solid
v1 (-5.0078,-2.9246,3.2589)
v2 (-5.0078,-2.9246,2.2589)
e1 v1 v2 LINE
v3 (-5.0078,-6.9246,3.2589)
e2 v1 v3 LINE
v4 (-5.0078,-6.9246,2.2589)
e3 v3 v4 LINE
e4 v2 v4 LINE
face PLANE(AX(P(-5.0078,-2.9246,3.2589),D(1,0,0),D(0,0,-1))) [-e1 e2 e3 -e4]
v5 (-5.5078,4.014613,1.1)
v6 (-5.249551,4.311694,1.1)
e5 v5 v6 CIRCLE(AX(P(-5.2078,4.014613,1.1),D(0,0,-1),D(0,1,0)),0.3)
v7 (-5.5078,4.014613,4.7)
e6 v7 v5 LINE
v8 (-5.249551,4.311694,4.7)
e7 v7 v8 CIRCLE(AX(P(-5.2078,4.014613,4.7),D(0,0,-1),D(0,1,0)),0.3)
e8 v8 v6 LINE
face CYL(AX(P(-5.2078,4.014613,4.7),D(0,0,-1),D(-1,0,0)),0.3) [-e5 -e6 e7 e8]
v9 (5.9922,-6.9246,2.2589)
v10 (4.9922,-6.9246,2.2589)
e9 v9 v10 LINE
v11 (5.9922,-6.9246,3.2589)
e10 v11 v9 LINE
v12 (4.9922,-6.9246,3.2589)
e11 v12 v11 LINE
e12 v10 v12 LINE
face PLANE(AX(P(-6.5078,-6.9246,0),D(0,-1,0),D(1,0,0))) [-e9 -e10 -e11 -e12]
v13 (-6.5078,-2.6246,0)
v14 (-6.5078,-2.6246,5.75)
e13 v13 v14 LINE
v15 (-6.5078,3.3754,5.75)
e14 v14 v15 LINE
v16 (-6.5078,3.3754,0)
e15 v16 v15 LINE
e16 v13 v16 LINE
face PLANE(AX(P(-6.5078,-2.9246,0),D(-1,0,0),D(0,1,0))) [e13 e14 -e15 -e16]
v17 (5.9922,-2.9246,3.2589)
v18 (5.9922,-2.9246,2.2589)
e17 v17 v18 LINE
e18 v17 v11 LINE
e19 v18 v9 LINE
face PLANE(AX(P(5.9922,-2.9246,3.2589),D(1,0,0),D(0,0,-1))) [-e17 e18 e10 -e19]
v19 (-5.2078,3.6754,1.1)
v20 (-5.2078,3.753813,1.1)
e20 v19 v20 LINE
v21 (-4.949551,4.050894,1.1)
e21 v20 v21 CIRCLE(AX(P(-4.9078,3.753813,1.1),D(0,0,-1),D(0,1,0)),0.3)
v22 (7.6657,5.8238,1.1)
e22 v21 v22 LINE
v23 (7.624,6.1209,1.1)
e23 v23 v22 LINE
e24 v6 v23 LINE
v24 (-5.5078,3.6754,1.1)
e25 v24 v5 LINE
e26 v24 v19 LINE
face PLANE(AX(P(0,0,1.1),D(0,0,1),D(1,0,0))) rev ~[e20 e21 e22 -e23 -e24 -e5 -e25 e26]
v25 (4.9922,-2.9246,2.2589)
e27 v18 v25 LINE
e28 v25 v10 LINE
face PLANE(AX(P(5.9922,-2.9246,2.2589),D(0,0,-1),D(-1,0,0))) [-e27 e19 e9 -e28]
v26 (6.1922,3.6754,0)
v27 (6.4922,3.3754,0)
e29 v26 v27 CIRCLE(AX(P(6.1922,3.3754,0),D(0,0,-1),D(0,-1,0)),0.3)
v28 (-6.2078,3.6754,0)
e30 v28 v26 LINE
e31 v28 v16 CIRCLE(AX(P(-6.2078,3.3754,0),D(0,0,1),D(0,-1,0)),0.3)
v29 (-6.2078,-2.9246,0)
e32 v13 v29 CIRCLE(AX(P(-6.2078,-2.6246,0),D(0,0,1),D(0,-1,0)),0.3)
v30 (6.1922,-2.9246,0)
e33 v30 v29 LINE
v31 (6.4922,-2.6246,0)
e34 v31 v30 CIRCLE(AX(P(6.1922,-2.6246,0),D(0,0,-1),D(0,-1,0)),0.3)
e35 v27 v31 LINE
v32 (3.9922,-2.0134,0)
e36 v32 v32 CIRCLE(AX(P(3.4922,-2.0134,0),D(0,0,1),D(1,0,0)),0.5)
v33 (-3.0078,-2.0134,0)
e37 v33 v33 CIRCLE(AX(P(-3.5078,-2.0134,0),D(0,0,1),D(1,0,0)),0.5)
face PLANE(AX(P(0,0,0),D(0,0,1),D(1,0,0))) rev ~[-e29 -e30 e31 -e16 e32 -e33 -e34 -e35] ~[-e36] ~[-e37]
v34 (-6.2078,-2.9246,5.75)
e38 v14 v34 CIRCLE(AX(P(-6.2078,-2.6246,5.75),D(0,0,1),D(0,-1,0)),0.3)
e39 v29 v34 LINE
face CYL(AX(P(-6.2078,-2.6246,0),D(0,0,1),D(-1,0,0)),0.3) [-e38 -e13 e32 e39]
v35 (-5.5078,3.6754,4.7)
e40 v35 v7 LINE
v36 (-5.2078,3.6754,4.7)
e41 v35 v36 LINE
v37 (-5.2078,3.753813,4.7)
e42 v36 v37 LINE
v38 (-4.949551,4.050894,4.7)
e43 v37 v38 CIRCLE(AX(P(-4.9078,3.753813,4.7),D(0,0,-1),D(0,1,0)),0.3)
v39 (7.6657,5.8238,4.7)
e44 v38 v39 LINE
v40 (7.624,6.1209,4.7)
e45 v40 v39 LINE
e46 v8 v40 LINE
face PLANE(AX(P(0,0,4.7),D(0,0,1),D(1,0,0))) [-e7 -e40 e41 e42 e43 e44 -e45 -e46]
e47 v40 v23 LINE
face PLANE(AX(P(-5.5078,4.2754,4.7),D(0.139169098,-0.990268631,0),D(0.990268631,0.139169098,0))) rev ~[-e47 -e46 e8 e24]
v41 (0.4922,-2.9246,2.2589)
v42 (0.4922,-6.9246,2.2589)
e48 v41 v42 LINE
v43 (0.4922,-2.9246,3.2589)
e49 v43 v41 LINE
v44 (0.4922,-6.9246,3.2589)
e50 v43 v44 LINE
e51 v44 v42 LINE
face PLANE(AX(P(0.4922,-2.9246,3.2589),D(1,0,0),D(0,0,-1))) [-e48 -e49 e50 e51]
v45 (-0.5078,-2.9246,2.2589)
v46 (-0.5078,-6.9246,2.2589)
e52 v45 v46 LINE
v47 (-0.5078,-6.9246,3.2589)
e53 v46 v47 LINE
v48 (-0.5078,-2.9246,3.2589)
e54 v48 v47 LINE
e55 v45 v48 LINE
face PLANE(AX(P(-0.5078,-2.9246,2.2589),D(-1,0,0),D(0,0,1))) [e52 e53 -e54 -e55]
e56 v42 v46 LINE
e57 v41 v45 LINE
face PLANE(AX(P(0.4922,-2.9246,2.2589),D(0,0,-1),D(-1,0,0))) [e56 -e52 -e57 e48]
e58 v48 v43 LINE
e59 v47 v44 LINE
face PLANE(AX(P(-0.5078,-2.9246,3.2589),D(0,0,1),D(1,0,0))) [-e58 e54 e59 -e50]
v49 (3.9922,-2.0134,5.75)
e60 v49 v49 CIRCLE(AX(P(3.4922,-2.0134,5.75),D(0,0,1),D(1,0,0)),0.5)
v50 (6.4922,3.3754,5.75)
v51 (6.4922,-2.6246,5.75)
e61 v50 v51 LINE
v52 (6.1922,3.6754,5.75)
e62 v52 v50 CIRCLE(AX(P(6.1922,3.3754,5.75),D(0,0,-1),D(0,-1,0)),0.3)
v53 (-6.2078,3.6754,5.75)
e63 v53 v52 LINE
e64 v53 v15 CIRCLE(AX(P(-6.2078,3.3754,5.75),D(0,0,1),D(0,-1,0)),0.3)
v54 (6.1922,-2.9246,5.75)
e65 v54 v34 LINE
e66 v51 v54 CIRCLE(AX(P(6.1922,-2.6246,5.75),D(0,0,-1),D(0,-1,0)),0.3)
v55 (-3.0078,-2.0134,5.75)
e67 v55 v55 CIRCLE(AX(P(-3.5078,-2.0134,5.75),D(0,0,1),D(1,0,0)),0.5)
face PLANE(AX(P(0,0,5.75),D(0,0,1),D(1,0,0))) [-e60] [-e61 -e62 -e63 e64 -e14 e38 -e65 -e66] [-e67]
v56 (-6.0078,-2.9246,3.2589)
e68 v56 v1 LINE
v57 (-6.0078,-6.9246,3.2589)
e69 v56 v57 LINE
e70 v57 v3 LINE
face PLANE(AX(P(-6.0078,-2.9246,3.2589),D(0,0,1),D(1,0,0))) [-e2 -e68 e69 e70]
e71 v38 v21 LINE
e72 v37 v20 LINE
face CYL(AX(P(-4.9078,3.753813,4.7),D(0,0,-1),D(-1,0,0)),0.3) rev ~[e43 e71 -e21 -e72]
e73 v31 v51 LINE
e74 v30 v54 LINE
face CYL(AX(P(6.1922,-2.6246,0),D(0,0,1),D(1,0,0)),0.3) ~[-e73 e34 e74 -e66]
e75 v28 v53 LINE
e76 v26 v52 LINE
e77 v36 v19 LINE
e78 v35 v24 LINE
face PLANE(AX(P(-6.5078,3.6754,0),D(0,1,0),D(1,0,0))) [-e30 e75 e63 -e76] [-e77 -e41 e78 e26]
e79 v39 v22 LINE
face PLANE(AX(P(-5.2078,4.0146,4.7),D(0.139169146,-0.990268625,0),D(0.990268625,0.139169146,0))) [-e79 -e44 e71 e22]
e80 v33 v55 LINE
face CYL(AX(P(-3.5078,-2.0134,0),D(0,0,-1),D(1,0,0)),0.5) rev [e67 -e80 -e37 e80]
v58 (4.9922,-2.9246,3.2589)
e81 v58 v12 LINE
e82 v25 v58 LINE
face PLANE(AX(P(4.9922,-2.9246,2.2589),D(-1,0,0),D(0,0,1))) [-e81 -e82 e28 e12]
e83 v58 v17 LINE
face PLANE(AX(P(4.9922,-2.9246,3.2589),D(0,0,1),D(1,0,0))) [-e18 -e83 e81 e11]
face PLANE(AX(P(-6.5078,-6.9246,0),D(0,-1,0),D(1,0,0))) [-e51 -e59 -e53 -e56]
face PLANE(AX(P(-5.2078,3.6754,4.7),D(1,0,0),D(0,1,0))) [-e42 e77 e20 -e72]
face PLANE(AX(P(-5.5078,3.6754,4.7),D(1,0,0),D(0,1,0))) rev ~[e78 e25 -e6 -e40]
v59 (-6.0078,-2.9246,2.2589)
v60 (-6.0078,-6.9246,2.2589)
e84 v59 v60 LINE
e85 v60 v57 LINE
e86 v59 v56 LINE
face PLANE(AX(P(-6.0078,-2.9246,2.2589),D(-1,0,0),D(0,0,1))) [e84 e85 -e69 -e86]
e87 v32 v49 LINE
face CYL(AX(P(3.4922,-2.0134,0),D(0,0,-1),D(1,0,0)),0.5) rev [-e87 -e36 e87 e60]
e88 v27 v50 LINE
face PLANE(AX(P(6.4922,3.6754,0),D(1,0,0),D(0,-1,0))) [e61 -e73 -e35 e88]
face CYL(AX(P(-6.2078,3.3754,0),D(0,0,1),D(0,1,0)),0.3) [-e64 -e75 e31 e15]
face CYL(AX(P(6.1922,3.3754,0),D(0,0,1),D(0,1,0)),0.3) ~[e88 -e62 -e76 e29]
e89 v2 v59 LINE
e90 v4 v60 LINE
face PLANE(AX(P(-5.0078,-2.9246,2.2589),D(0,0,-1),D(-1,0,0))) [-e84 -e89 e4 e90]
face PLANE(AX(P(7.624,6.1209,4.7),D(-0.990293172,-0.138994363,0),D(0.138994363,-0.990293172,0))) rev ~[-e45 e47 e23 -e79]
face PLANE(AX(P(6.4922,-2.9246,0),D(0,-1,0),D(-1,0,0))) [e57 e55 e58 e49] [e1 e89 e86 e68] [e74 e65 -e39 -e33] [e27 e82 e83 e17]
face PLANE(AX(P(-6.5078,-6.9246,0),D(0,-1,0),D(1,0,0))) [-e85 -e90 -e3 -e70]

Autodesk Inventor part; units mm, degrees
ref_plane "YZ Plane" through (0, 0, 0) normal (1, 0, 0) x (0, 1, 0)
ref_plane "XZ Plane" through (0, 0, 0) normal (0, 1, 0) x (-1, 0, 0)
sketch "Sketch1" plane through (0, 0, 0) normal (0, 0, 1) x (1, 0, 0)
  line L0 (-6.5078, 3.6754) -> (6.4922, 3.6754)
  line L1 (6.4922, 3.6754) -> (6.4922, -2.9246)
  line L2 (6.4922, -2.9246) -> (-6.5078, -2.9246)
  line L3 (-6.5078, -2.9246) -> (-6.5078, 3.6754)
  circle A0 centre (-3.5078, -2.0134) radius 0.5
  circle A1 centre (3.4922, -2.0134) radius 0.5
  point P0 (0, 0)
  dimension "d0" = 13
  dimension "d1" = 6.6
  dimension "d2" = 1
  dimension "d3" = 1
  dimension "d4" = 3
  dimension "d5" = 3
extrude "Extrusion1" add sketch "Sketch1" along normal blind 5.75
ref_plane "Work Plane1" through (0, 0, 4.7) normal (0, 0, 1) x (1, 0, 0)
sketch "Sketch2" plane through (0, 0, 4.7) normal (0, 0, 1) x (1, 0, 0)
  circle A0 centre (3.4922, -2.0134) radius 0.5 projected
  circle A1 centre (-3.5078, -2.0134) radius 0.5 projected
  line L0 (6.4922, 3.6754) -> (6.4922, -2.9246) projected
  line L1 (6.4922, -2.9246) -> (-6.5078, -2.9246) projected
  line L2 (-6.5078, -2.9246) -> (-6.5078, 3.6754) projected
  line L3 (-6.5078, 3.6754) -> (6.4922, 3.6754) projected
  line L4 (-5.5078, 3.6754) -> (-5.5078, 4.2754)
  line L5 (-5.2078, 3.6754) -> (-5.2078, 4.0146)
  line L6 (-5.2078, 4.0146) -> (7.6657, 5.8238)
  line L7 (-5.2078, 4.0146) -> (7.7922, 4.0146) construction
  line L8 (-5.5078, 4.2754) -> (7.624, 6.1209)
  line L9 (7.624, 6.1209) -> (7.6657, 5.8238)
  point P0 (0, 0)
  dimension "d9" = 0.6
  dimension "d10" = 0.3
  dimension "d11" = 1
  dimension "d12" = 13
  dimension "d13" = 8
  dimension "d14" = 0.3
extrude "Extrusion2" add sketch "Sketch2" against normal blind 3.6 contours L3 L4 L8 L9 L6 L5
sketch "Sketch3" plane through (-6.5078, -2.9246, 0) normal (0, -1, 0) x (1, 0, 0)
  line L0 (13, 0) -> (0, 0) projected
  line L1 (13, 0) -> (13, 5.75) projected
  line L2 (0, 5.75) -> (13, 5.75) projected
  line L3 (0, 0) -> (0, 5.75) projected
  line L4 (12.5, 2.2589) -> (11.5, 2.2589)
  line L5 (11.5, 2.2589) -> (11.5, 3.2589)
  line L6 (11.5, 3.2589) -> (12.5, 3.2589)
  line L7 (12.5, 3.2589) -> (12.5, 2.2589)
  line L8 (7, 2.2589) -> (6, 2.2589)
  line L9 (6, 2.2589) -> (6, 3.2589)
  line L10 (6, 3.2589) -> (7, 3.2589)
  line L11 (7, 3.2589) -> (7, 2.2589)
  line L12 (1.5, 2.2589) -> (0.5, 2.2589)
  line L13 (0.5, 2.2589) -> (0.5, 3.2589)
  line L14 (0.5, 3.2589) -> (1.5, 3.2589)
  line L15 (1.5, 3.2589) -> (1.5, 2.2589)
  point P0 (6.5078, 0)
  dimension "d17" = 1
  dimension "d18" = 1
  dimension "d19" = 0.5
  dimension "d22" = 5.5
extrude "Extrusion3" add sketch "Sketch3" along normal blind 4 contours L4 L5 L6 L7 | L8 L9 L10 L11 | L12 L13 L14 L15
fillet "Fillet1" radius 0.3 4 edges at (6.4922, 3.6754, 2.875) (6.4922, -2.9246, 2.875) (-6.5078, 3.6754, 2.875) (-6.5078, -2.9246, 2.875)
fillet "Fillet2" radius 0.3 2 edges at (-5.5078, 4.2754, 2.9) (-5.2078, 4.0146, 2.9)
equation "\"d5\" = d4"
equation "\"d14\" = d10"
properties part number "COTS_OMRON_D2FS-FL_Endstop"
